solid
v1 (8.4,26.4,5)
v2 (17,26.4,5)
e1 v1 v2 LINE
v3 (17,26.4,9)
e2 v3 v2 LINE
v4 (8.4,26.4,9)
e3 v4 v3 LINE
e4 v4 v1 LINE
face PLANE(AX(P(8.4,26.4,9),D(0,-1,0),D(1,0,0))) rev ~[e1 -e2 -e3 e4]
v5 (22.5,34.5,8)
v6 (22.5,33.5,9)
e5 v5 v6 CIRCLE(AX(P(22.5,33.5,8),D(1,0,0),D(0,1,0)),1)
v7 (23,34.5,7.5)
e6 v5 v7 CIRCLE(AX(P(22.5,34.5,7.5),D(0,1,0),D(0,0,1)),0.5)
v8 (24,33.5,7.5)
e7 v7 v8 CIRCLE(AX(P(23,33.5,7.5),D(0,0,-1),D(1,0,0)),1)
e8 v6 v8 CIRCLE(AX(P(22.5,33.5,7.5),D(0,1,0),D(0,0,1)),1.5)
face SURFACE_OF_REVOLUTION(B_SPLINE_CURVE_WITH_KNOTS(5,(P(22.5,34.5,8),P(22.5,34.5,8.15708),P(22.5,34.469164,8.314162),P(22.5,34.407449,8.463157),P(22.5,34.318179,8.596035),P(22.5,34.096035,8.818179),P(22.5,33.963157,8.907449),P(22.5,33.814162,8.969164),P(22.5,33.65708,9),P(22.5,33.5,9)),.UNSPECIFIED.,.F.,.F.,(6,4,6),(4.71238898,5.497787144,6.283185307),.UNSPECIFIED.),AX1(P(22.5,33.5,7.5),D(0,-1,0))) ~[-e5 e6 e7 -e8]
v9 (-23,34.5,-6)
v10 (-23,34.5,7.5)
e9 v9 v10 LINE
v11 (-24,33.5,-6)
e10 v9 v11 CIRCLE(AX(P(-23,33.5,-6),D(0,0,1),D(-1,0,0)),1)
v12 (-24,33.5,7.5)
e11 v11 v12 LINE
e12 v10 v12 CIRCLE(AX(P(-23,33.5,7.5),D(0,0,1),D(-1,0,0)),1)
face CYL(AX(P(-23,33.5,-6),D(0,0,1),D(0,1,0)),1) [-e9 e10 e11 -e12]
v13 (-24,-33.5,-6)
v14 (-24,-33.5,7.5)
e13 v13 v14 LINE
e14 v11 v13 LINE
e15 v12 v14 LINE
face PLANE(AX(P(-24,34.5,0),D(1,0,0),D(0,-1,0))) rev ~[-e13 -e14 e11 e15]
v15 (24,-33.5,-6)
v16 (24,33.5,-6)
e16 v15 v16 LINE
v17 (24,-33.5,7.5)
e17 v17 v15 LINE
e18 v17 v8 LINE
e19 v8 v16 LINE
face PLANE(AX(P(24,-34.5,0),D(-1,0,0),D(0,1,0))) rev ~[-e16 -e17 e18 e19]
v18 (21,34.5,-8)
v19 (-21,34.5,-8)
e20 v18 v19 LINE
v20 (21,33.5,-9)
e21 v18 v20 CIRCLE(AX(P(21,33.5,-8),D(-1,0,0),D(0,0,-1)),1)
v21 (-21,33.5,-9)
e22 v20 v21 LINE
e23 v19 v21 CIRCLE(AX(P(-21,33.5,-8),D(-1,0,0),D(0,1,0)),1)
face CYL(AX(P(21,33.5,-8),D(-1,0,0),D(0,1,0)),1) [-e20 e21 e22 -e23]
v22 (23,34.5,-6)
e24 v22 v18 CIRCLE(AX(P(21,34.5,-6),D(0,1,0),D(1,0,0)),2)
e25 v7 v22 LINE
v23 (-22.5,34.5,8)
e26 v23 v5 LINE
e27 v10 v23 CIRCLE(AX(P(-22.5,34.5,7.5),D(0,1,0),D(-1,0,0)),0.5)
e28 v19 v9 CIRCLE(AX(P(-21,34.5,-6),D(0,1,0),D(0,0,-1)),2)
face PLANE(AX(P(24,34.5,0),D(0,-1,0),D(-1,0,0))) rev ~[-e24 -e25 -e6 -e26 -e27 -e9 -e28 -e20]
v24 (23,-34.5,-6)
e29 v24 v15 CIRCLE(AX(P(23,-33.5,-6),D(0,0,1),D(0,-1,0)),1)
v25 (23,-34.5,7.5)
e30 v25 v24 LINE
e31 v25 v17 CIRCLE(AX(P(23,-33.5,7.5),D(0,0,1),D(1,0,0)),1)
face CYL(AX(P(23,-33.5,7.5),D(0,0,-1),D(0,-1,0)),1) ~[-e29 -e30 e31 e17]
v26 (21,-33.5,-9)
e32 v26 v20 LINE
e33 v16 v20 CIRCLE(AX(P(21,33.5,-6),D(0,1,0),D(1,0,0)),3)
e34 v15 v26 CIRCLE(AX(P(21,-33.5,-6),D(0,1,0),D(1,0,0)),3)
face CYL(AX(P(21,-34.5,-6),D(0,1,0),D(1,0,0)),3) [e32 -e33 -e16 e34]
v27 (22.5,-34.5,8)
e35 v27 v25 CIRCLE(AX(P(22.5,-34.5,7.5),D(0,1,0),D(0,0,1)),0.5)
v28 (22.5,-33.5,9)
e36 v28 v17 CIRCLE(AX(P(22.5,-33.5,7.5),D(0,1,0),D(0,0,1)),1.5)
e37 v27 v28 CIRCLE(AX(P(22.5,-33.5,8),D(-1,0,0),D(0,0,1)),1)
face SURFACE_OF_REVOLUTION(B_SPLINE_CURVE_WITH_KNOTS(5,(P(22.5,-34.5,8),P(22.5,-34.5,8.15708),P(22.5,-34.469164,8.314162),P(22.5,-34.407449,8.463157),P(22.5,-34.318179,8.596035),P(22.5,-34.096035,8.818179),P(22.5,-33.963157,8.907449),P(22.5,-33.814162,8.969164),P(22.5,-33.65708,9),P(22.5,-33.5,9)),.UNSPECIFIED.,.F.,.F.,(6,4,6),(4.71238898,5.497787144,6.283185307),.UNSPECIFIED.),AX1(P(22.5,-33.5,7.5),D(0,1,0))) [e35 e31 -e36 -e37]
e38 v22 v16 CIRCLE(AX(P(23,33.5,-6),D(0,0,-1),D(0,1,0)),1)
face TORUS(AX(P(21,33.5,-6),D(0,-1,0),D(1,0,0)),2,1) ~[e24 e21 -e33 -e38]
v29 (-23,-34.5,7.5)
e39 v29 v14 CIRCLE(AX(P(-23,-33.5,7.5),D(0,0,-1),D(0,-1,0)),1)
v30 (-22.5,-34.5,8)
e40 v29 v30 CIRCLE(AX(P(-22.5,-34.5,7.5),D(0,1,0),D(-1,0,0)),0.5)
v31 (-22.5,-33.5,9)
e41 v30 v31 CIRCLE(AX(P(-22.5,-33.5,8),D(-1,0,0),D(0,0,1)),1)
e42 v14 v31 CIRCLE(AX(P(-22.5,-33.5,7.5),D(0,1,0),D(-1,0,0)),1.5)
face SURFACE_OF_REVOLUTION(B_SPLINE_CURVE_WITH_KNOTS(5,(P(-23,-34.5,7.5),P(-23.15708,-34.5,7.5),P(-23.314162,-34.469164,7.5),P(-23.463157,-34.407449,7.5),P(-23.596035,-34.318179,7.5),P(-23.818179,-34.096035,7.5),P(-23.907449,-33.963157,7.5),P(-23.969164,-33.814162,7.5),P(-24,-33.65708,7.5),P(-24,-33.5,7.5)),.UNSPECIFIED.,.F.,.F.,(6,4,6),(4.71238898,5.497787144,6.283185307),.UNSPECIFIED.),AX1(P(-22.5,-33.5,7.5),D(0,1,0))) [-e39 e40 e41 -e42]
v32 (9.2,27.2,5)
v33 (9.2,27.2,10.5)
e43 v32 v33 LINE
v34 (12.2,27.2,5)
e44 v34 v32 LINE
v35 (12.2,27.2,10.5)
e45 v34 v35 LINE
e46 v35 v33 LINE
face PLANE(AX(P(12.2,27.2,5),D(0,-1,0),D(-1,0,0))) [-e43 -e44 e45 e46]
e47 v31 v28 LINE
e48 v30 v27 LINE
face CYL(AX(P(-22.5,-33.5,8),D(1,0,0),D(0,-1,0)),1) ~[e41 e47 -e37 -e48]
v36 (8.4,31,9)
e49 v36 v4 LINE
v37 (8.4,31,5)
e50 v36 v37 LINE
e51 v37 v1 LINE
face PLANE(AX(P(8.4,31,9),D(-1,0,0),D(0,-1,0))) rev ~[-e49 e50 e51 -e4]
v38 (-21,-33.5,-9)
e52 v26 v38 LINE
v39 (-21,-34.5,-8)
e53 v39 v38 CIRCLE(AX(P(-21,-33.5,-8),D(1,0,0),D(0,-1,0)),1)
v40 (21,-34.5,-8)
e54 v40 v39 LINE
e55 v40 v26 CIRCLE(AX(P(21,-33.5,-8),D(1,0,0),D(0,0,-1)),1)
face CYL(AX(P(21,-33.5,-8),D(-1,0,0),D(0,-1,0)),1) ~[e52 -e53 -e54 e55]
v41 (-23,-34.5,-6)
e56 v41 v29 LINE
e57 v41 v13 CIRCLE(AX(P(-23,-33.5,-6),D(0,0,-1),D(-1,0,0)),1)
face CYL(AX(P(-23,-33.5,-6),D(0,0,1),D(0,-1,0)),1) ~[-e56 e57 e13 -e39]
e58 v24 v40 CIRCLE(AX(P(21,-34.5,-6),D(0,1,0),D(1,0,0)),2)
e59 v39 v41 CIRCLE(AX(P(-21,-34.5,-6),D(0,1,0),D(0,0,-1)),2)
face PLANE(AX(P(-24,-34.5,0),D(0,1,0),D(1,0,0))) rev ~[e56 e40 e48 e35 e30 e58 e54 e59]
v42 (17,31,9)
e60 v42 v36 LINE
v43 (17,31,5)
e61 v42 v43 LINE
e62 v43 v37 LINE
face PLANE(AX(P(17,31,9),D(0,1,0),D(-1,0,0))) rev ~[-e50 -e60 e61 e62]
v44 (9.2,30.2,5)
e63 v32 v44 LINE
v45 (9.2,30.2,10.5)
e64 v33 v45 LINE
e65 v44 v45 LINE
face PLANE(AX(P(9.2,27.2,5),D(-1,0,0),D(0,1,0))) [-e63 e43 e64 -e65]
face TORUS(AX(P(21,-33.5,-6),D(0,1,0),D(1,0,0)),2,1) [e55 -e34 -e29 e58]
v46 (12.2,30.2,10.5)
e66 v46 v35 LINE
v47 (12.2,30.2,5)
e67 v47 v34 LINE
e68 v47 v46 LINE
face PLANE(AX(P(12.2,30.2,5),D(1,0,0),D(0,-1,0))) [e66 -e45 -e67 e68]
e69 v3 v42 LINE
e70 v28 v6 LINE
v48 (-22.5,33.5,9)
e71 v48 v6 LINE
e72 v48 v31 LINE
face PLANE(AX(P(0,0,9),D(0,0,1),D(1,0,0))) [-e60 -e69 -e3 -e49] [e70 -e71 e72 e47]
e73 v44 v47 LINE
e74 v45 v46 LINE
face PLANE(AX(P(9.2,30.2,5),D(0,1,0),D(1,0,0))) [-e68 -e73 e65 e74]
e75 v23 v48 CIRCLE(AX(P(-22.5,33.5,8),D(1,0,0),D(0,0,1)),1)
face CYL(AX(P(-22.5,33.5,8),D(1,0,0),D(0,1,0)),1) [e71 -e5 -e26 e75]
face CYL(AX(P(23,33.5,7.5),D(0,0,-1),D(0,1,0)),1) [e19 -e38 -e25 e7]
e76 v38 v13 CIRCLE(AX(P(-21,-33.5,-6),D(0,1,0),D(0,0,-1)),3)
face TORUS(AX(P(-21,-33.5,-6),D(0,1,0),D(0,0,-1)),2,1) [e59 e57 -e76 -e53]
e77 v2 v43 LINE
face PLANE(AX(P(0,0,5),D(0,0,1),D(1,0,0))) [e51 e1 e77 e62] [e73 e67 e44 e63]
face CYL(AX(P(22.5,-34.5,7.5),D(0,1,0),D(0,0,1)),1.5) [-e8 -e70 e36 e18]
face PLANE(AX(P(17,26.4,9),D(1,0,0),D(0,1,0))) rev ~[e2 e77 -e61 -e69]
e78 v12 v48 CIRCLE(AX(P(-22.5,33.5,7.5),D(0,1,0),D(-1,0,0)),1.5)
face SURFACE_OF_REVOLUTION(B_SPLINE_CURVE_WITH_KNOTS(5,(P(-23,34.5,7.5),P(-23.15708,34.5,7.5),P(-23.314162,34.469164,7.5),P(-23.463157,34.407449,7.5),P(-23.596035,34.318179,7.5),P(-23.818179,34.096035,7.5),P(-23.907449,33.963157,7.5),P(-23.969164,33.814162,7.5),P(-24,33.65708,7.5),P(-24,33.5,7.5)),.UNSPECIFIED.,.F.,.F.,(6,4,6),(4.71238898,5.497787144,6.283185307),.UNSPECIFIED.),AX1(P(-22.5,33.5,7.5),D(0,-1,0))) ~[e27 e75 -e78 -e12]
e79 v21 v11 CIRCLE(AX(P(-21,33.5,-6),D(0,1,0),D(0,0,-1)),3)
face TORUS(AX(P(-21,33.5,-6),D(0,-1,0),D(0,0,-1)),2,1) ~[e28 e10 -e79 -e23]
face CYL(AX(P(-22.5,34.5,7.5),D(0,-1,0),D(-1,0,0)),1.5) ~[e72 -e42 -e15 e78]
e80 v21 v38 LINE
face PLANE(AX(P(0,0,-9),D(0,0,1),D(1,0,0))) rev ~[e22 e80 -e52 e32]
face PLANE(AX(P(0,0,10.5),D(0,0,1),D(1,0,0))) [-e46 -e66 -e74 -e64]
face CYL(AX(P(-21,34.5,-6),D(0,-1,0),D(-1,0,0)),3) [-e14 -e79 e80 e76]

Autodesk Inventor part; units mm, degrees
ref_plane "YZ Plane" through (0, 0, 0) normal (1, 0, 0) x (0, 1, 0)
ref_plane "XZ Plane" through (0, 0, 0) normal (0, 1, 0) x (-1, 0, 0)
ref_plane "XY Plane" through (0, 0, 0) normal (0, 0, 1) x (1, 0, 0)
sketch "スケッチ1" plane through (0, 0, 0) normal (0, 0, 1) x (1, 0, 0)
  line L0 (-24, -34.5) -> (24, -34.5)
  line L1 (24, -34.5) -> (24, 34.5)
  line L2 (24, 34.5) -> (-24, 34.5)
  line L3 (-24, 34.5) -> (-24, -34.5)
  line L4 (-24, -34.5) -> (24, 34.5) construction
  line L5 (24, -34.5) -> (-24, 34.5) construction
  point P0 (0, 0)
  dimension "d0" = 48
  dimension "d1" = 69
extrude "押し出し1" add sketch "スケッチ1" along normal mid plane 18
fillet "フィレット1" radius 3 2 edges at (24, 0, -9) (-24, 0, -9)
fillet "フィレット2" radius 1.5 2 edges at (24, 0, 9) (-24, 0, 9)
fillet "フィレット3" radius 1 16 edges at (-23.5607, 34.5, 8.5607) (-24, 34.5, 0.75) (-23.1213, 34.5, -8.1213) (0, 34.5, -9) (23.1213, 34.5, -8.1213) (24, 34.5, 0.75) (23.5607, 34.5, 8.5607) (0, 34.5, 9) (23.5607, -34.5, 8.5607) (24, -34.5, 0.75) (23.1213, -34.5, -8.1213) (0, -34.5, -9) (-23.1213, -34.5, -8.1213) (-24, -34.5, 0.75) (-23.5607, -34.5, 8.5607) (0, -34.5, 9)
sketch "スケッチ2" plane through (0, 0, 9) normal (0, 0, 1) x (1, 0, 0)
  line L0 (8.4, 26.4) -> (17, 26.4)
  line L1 (17, 26.4) -> (17, 31)
  line L2 (17, 31) -> (8.4, 31)
  line L3 (8.4, 31) -> (8.4, 26.4)
  line L4 (8.4, 26.4) -> (17, 31) construction
  line L5 (17, 26.4) -> (8.4, 31) construction
  line L6 (24, -33.5) -> (24, 33.5) construction
  line L7 (22.5, 34.5) -> (-22.5, 34.5) construction
  point P0 (0, 0)
  point P1 (12.7, 28.7)
  dimension "d7" = 7
  dimension "d8" = 3.5
  dimension "d9" = 4.6
  dimension "d10" = 8.6
extrude "押し出し2" cut sketch "スケッチ2" against normal blind 4
sketch "スケッチ3" plane through (0, 0, 5) normal (0, 0, 1) x (1, 0, 0)
  line L0 (17, 31) -> (17, 26.4) construction
  line L1 (8.4, 31) -> (17, 31) construction
  line L2 (8.4, 26.4) -> (8.4, 31) construction
  line L3 (17, 26.4) -> (8.4, 26.4) construction
  line L4 (8.4, 28.7) -> (17, 28.7) construction
  line L5 (12.2, 27.2) -> (9.2, 27.2)
  line L6 (9.2, 27.2) -> (9.2, 30.2)
  line L7 (9.2, 30.2) -> (12.2, 30.2)
  line L8 (12.2, 30.2) -> (12.2, 27.2)
  line L9 (12.2, 27.2) -> (9.2, 30.2) construction
  line L10 (9.2, 27.2) -> (12.2, 30.2) construction
  point P0 (0, 0)
  point P1 (10.7, 28.7)
  dimension "d13" = 3
  dimension "d14" = 3
  dimension "d15" = 0.8
extrude "押し出し3" add sketch "スケッチ3" along normal blind 5.5
properties part number "batt_box"
